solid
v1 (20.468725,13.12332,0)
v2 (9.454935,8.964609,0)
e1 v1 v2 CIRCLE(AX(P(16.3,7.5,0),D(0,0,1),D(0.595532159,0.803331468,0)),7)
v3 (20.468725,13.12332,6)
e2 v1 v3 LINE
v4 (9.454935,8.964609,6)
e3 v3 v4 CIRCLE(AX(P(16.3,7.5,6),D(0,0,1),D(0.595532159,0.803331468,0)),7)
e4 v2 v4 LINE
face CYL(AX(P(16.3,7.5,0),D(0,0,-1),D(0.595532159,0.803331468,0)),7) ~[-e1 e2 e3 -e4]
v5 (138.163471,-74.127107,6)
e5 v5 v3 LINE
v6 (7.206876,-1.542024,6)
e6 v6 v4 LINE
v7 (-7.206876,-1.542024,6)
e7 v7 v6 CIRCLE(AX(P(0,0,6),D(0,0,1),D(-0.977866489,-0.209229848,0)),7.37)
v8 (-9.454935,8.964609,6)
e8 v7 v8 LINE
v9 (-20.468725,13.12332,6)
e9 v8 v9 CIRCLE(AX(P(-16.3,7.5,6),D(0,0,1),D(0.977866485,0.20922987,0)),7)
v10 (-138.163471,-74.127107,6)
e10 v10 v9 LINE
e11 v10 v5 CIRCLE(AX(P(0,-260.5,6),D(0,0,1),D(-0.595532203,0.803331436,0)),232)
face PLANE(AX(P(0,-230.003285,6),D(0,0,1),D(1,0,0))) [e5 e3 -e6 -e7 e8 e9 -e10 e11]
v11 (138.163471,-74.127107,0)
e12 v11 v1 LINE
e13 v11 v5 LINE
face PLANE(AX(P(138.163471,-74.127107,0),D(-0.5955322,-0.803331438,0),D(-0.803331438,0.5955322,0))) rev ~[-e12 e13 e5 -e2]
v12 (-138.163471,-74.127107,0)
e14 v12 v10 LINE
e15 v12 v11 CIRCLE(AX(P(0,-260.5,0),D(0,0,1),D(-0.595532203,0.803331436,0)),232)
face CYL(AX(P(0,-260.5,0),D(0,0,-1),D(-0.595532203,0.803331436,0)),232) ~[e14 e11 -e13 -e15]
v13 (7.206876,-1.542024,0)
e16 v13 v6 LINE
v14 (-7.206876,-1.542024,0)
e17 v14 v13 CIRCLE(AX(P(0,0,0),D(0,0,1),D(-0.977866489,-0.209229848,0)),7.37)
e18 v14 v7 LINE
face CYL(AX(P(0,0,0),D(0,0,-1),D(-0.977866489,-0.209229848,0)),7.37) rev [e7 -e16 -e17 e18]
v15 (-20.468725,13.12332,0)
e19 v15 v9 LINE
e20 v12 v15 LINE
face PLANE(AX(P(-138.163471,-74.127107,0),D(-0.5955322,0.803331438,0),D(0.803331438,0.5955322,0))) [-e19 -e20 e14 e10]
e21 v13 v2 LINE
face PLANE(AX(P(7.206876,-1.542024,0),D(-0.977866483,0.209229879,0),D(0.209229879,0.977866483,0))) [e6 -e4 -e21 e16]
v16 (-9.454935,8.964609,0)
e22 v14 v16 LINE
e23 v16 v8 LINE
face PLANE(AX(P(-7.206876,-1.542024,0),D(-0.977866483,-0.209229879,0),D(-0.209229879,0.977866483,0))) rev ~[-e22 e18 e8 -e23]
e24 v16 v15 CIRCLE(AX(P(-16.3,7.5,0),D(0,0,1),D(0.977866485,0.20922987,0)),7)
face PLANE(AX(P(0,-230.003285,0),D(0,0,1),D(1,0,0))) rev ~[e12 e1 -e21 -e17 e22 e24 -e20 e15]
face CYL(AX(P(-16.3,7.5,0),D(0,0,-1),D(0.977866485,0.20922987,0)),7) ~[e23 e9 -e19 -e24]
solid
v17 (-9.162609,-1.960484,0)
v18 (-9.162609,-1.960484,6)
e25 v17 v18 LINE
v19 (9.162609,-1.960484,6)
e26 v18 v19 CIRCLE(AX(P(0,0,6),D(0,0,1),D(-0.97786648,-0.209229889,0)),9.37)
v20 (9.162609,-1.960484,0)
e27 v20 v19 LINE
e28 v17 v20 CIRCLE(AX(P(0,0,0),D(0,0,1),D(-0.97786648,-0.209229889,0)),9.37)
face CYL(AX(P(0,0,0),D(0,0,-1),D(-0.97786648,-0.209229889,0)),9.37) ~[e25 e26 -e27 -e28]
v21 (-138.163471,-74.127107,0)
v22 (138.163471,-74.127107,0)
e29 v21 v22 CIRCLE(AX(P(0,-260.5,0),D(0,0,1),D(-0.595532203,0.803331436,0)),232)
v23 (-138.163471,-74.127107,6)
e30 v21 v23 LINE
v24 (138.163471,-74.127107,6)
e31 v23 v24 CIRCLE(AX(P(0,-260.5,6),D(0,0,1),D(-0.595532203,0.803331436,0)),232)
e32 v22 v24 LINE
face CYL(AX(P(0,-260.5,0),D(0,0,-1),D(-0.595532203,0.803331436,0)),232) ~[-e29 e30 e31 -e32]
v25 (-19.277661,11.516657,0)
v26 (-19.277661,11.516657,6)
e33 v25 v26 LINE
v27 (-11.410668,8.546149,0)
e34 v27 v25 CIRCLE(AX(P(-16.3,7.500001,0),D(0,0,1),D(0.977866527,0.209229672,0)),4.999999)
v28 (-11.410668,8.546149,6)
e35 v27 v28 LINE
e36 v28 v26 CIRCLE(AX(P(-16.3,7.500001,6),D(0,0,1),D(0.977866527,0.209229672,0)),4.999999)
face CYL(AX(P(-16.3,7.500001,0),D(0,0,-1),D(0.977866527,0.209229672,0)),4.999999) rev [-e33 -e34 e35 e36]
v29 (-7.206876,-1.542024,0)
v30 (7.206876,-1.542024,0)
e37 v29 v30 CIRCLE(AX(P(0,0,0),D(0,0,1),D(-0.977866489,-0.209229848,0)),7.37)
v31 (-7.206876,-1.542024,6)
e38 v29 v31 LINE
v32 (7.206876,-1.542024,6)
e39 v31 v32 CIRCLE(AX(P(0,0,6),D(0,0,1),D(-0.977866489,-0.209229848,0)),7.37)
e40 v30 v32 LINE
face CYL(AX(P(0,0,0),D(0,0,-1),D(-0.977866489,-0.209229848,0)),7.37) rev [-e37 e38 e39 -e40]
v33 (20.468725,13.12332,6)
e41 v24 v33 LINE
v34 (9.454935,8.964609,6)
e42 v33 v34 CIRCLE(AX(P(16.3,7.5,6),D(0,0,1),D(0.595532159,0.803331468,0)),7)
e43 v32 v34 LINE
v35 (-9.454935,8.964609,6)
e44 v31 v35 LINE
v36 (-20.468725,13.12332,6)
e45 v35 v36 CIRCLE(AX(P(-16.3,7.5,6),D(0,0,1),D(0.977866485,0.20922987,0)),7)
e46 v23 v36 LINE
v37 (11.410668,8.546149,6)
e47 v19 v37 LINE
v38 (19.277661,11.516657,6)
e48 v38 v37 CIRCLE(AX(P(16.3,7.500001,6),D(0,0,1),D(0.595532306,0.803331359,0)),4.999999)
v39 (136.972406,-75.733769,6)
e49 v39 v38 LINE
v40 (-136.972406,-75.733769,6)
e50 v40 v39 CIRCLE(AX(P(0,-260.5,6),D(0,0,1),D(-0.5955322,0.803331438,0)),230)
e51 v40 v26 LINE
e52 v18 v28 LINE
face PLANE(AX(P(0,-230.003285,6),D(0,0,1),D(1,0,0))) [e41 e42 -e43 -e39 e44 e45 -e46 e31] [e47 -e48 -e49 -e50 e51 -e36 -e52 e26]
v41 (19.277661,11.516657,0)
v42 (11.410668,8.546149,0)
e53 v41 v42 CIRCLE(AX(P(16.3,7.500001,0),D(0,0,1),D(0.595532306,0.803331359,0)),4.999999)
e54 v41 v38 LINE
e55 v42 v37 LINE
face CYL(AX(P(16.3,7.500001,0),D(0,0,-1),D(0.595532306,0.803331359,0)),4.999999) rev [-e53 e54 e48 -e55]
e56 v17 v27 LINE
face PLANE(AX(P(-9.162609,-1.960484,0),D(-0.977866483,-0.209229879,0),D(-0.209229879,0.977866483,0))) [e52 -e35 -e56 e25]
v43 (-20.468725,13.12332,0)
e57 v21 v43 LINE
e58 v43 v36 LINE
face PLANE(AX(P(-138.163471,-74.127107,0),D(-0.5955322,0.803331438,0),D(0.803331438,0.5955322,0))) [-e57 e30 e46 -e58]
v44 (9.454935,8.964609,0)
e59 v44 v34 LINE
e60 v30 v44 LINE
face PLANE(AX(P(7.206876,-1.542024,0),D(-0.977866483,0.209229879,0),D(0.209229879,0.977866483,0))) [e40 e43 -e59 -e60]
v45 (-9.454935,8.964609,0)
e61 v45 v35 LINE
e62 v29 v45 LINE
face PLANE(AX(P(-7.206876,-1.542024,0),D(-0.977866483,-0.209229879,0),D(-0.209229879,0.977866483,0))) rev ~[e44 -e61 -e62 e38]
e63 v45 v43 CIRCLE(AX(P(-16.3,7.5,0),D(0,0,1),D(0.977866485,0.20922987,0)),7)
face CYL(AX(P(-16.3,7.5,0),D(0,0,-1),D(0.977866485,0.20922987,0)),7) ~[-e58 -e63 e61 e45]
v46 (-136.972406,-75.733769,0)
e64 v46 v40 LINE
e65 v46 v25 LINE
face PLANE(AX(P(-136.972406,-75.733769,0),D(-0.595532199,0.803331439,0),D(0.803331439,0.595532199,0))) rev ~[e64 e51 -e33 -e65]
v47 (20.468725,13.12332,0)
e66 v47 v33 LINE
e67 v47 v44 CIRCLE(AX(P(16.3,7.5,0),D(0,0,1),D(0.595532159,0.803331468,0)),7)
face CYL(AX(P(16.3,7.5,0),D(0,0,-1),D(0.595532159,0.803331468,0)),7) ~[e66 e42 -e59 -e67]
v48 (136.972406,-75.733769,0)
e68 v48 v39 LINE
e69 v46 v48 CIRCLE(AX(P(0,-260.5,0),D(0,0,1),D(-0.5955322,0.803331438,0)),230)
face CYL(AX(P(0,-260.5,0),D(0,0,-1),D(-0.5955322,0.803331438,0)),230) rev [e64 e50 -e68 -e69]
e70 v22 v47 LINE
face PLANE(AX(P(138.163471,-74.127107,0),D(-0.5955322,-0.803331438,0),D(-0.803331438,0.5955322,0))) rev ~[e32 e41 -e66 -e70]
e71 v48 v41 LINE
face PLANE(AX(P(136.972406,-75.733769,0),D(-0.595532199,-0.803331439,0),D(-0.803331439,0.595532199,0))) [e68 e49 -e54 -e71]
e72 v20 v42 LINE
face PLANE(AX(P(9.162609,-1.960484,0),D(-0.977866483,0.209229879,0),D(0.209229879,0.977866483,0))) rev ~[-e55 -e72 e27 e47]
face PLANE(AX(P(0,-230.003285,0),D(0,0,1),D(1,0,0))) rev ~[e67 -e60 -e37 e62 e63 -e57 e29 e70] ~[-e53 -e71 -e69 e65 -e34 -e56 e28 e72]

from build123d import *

# Parameters (mm, degrees)
PAD_DEPTH    = 6
PAD001_DEPTH = 6


with BuildPart() as perimetercalc:
    # Sketch → Pad (new body)
    with BuildSketch(Plane.XY):
        with BuildLine():
            ThreePointArc((-138.163471, -74.127107), (0, -492.5), (138.163471, -74.127107))
            Line((138.163471, -74.127107), (20.468725, 13.12332))
            ThreePointArc((20.468725, 13.12332), (13.827265, 14.048708), (9.454935, 8.964609))
            Line((7.206876, -1.542024), (9.454935, 8.964609))
            ThreePointArc((-7.206876, -1.542024), (0, -7.37), (7.206876, -1.542024))
            Line((-7.206876, -1.542024), (-9.454935, 8.964609))
            ThreePointArc((-9.454935, 8.964609), (-13.827265, 14.048708), (-20.468725, 13.12332))
            Line((-138.163471, -74.127107), (-20.468725, 13.12332))
        make_face()
    extrude(amount=PAD_DEPTH)


with BuildPart() as body001:
    # Sketch001 → Pad001 (new body)
    with BuildSketch(Plane.XY):
        with BuildLine():
            ThreePointArc((-138.163471, -74.127107), (0, -492.5), (138.163471, -74.127107))
            Line((138.163471, -74.127107), (20.468725, 13.12332))
            ThreePointArc((20.468725, 13.12332), (13.827265, 14.048708), (9.454935, 8.964609))
            Line((7.206876, -1.542024), (9.454935, 8.964609))
            ThreePointArc((-7.206876, -1.542024), (0, -7.37), (7.206876, -1.542024))
            Line((-7.206876, -1.542024), (-9.454935, 8.964609))
            ThreePointArc((-9.454935, 8.964609), (-13.827265, 14.048708), (-20.468725, 13.12332))
            Line((-138.163471, -74.127107), (-20.468725, 13.12332))
        make_face()
        with BuildLine():
            ThreePointArc((-136.972406, -75.733769), (0, -490.5), (136.972406, -75.733769))
            Line((136.972406, -75.733769), (19.277661, 11.516657))
            ThreePointArc((19.277661, 11.516657), (14.533761, 12.177649), (11.410668, 8.546149))
            Line((9.162609, -1.960484), (11.410668, 8.546149))
            ThreePointArc((-9.162609, -1.960484), (0, -9.37), (9.162609, -1.960484))
            Line((-9.162609, -1.960484), (-11.410668, 8.546149))
            ThreePointArc((-11.410668, 8.546149), (-14.533761, 12.177649), (-19.277661, 11.516657))
            Line((-136.972406, -75.733769), (-19.277661, 11.516657))
        make_face(mode=Mode.SUBTRACT)
    extrude(amount=PAD001_DEPTH)


solid = Compound([perimetercalc.part, body001.part])
